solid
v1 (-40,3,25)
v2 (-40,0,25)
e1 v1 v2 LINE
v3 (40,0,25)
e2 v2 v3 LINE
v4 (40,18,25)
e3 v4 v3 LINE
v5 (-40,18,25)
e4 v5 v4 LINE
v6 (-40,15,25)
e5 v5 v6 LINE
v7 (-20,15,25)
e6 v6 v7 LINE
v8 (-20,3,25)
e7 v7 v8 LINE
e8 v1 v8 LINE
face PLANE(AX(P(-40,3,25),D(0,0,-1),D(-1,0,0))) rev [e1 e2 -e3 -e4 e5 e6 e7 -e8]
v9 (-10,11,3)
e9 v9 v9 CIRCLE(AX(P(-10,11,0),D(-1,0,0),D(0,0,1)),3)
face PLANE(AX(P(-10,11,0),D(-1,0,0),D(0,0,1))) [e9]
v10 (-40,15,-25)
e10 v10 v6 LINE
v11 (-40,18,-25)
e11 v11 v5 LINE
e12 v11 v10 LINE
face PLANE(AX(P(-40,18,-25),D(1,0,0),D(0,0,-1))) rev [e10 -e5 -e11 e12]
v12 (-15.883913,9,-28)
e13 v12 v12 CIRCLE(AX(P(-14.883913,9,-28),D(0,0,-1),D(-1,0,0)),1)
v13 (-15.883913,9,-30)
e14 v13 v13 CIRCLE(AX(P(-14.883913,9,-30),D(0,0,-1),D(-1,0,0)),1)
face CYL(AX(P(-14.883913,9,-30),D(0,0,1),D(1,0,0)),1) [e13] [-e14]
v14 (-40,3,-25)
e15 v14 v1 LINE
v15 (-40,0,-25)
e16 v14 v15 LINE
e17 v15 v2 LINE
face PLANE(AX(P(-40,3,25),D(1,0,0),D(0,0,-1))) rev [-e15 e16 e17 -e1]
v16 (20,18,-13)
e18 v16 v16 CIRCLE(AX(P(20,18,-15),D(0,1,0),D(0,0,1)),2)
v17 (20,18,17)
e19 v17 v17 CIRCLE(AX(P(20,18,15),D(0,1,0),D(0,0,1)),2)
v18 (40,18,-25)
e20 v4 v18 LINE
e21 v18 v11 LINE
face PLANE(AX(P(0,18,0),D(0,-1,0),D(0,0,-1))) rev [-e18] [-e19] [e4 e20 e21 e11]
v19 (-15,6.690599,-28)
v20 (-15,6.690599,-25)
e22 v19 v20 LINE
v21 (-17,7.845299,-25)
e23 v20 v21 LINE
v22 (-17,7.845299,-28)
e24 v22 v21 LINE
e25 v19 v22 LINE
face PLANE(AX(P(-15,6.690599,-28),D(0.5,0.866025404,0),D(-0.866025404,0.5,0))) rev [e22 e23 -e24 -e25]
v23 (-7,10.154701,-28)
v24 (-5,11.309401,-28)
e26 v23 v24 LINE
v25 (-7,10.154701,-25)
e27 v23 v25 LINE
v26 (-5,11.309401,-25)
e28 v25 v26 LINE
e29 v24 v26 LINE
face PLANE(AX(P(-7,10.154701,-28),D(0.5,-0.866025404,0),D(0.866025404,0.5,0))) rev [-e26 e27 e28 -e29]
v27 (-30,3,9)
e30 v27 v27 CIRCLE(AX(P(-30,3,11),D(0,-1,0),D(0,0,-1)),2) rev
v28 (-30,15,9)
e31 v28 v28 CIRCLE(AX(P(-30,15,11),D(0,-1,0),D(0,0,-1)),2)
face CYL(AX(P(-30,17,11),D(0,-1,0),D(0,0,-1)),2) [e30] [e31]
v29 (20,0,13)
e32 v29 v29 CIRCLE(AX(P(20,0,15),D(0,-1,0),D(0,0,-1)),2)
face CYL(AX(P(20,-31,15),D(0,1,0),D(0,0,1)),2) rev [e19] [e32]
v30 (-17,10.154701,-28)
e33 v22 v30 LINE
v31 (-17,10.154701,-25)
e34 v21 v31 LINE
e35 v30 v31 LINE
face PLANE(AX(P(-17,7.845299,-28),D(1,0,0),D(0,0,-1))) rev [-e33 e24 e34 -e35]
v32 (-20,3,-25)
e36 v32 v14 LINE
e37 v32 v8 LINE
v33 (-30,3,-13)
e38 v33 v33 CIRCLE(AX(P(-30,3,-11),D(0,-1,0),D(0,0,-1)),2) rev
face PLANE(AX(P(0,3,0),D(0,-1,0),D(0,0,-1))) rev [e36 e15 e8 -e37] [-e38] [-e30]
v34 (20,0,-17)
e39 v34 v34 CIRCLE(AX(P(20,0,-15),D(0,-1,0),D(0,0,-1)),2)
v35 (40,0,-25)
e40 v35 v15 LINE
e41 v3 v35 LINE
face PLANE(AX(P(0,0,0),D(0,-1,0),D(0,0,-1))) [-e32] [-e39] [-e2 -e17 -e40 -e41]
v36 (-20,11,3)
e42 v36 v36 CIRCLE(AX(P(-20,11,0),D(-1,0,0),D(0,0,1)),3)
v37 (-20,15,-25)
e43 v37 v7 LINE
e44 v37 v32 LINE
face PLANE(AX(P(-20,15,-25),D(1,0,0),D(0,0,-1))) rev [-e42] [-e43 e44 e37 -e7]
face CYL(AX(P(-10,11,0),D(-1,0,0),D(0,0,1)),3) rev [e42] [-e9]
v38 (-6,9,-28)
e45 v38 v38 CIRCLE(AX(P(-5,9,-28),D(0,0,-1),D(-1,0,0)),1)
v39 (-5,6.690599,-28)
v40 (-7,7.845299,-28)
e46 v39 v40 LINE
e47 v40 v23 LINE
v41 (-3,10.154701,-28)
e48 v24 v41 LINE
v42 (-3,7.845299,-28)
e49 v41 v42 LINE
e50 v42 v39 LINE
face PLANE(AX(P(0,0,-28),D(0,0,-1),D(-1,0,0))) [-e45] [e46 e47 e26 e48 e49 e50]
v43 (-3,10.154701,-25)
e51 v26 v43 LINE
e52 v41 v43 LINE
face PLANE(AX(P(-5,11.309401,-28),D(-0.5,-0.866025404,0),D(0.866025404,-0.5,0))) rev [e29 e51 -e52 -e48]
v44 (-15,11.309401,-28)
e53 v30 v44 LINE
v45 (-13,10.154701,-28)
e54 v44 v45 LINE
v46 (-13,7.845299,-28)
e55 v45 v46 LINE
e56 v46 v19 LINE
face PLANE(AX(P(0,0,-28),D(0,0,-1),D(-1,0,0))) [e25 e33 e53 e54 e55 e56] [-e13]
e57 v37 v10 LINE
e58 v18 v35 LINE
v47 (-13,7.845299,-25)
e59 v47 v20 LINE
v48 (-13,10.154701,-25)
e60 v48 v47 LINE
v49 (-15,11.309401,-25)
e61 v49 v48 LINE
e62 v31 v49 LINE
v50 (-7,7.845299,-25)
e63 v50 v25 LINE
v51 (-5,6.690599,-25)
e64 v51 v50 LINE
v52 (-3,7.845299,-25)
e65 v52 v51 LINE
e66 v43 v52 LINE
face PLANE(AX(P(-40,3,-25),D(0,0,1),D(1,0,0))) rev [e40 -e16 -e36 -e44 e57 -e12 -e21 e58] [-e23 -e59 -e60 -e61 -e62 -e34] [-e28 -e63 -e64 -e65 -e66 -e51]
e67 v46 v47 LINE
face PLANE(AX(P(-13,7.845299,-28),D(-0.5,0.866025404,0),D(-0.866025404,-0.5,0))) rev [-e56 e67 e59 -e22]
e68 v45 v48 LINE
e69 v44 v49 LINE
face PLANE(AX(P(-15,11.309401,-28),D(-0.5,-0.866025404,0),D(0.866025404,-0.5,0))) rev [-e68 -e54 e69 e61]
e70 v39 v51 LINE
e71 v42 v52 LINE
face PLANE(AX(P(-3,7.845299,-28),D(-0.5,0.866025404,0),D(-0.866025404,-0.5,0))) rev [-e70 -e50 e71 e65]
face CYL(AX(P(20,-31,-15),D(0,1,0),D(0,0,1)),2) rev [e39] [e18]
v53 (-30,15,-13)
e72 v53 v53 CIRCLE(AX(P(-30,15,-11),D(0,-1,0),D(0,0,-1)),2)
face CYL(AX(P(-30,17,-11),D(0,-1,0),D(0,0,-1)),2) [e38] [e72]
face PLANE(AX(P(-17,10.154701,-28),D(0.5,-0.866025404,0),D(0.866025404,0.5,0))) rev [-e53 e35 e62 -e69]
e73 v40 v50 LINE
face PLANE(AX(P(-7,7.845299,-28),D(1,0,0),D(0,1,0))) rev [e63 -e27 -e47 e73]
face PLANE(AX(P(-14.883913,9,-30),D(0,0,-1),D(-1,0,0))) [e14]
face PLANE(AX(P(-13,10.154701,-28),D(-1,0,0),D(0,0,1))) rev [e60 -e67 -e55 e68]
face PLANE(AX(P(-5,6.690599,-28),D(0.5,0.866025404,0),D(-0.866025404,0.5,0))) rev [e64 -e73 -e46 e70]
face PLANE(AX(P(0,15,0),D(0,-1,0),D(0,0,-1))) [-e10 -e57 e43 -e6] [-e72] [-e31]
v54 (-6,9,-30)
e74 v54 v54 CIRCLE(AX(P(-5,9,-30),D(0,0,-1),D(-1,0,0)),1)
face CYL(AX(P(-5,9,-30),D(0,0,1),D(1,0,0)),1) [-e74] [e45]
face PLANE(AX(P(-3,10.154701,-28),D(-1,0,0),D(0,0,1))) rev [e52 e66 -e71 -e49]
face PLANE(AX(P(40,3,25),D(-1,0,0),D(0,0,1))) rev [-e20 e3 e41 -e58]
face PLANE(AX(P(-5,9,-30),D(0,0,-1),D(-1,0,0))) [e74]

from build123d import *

# Parameters (mm, degrees)
SKETCH1_W           = 80
SKETCH1_H           = 50
BOSS_EXTRUDE1_DEPTH = 3
SKETCH2_R           = 2
BOSS_EXTRUDE2_DEPTH = 14
SKETCH3_W           = 60
SKETCH3_H           = 50
BOSS_EXTRUDE3_DEPTH = 12
SKETCH4_R           = 3
CUT_EXTRUDE1_DEPTH  = 10
SKETCH5_W           = 80
SKETCH5_H           = 50
BOSS_EXTRUDE4_DEPTH = 3
SKETCH6_R           = 2
CUT_EXTRUDE2_DEPTH  = 49
BOSS_EXTRUDE5_DEPTH = 3
SKETCH8_R           = 1
BOSS_EXTRUDE6_DEPTH = 2


with BuildPart() as part:
    # Sketch1 → Boss-Extrude1 (new body)
    with BuildSketch(Plane(origin=(0, 0, 0), x_dir=(1, 0, 0), z_dir=(0, 1, 0))):
        Rectangle(SKETCH1_W, SKETCH1_H)
    extrude(amount=BOSS_EXTRUDE1_DEPTH)

    # Sketch2 → Boss-Extrude2 (add)
    with BuildSketch(Plane(origin=(0, 3, 0), x_dir=(1, 0, 0), z_dir=(0, 1, 0))):
        with Locations((-30, 11)):
            Circle(SKETCH2_R)
        with Locations((-30, -11)):
            Circle(SKETCH2_R)
    extrude(amount=BOSS_EXTRUDE2_DEPTH)

    # Sketch3 → Boss-Extrude3 (add)
    with BuildSketch(Plane(origin=(0, 3, 0), x_dir=(1, 0, 0), z_dir=(0, 1, 0))):
        with Locations((10, 0)):
            Rectangle(SKETCH3_W, SKETCH3_H)
    extrude(amount=BOSS_EXTRUDE3_DEPTH)

    # Sketch4 → Cut-Extrude1 (cut)
    with BuildSketch(Plane.ZY.offset(20)):
        with Locations((0, 11)):
            Circle(SKETCH4_R)
    extrude(amount=-CUT_EXTRUDE1_DEPTH, mode=Mode.SUBTRACT)

    # Sketch5 → Boss-Extrude4 (add)
    with BuildSketch(Plane(origin=(0, 15, 0), x_dir=(1, 0, 0), z_dir=(0, 1, 0))):
        Rectangle(SKETCH5_W, SKETCH5_H)
    extrude(amount=BOSS_EXTRUDE4_DEPTH)

    # Sketch6 → Cut-Extrude2 (cut)
    with BuildSketch(Plane(origin=(0, 18, 0), x_dir=(1, 0, 0), z_dir=(0, 1, 0))):
        with Locations((20, 15)):
            Circle(SKETCH6_R)
        with Locations((20, -15)):
            Circle(SKETCH6_R)
    extrude(amount=-CUT_EXTRUDE2_DEPTH, mode=Mode.SUBTRACT)

    # Sketch7 → Boss-Extrude5 (add)
    with BuildSketch(Plane(origin=(0, 0, -25), x_dir=(-1, 0, 0), z_dir=(0, 0, -1))):
        Polygon((15, 11.309401077), (13, 10.154700538), (13, 7.845299462), (15, 6.690598923), (17, 7.845299462), (17, 10.154700538), align=None)
        Polygon((5, 11.309401077), (3, 10.154700538), (3, 7.845299462), (5, 6.690598923), (7, 7.845299462), (7, 10.154700538), align=None)
    extrude(amount=BOSS_EXTRUDE5_DEPTH)

    # Sketch8 → Boss-Extrude6 (add)
    with BuildSketch(Plane(origin=(0, 0, -28), x_dir=(-1, 0, 0), z_dir=(0, 0, -1))):
        with Locations((14.883913009, 9)):
            Circle(SKETCH8_R)
        with Locations((5, 9)):
            Circle(SKETCH8_R)
    extrude(amount=BOSS_EXTRUDE6_DEPTH)


solid = part.part
